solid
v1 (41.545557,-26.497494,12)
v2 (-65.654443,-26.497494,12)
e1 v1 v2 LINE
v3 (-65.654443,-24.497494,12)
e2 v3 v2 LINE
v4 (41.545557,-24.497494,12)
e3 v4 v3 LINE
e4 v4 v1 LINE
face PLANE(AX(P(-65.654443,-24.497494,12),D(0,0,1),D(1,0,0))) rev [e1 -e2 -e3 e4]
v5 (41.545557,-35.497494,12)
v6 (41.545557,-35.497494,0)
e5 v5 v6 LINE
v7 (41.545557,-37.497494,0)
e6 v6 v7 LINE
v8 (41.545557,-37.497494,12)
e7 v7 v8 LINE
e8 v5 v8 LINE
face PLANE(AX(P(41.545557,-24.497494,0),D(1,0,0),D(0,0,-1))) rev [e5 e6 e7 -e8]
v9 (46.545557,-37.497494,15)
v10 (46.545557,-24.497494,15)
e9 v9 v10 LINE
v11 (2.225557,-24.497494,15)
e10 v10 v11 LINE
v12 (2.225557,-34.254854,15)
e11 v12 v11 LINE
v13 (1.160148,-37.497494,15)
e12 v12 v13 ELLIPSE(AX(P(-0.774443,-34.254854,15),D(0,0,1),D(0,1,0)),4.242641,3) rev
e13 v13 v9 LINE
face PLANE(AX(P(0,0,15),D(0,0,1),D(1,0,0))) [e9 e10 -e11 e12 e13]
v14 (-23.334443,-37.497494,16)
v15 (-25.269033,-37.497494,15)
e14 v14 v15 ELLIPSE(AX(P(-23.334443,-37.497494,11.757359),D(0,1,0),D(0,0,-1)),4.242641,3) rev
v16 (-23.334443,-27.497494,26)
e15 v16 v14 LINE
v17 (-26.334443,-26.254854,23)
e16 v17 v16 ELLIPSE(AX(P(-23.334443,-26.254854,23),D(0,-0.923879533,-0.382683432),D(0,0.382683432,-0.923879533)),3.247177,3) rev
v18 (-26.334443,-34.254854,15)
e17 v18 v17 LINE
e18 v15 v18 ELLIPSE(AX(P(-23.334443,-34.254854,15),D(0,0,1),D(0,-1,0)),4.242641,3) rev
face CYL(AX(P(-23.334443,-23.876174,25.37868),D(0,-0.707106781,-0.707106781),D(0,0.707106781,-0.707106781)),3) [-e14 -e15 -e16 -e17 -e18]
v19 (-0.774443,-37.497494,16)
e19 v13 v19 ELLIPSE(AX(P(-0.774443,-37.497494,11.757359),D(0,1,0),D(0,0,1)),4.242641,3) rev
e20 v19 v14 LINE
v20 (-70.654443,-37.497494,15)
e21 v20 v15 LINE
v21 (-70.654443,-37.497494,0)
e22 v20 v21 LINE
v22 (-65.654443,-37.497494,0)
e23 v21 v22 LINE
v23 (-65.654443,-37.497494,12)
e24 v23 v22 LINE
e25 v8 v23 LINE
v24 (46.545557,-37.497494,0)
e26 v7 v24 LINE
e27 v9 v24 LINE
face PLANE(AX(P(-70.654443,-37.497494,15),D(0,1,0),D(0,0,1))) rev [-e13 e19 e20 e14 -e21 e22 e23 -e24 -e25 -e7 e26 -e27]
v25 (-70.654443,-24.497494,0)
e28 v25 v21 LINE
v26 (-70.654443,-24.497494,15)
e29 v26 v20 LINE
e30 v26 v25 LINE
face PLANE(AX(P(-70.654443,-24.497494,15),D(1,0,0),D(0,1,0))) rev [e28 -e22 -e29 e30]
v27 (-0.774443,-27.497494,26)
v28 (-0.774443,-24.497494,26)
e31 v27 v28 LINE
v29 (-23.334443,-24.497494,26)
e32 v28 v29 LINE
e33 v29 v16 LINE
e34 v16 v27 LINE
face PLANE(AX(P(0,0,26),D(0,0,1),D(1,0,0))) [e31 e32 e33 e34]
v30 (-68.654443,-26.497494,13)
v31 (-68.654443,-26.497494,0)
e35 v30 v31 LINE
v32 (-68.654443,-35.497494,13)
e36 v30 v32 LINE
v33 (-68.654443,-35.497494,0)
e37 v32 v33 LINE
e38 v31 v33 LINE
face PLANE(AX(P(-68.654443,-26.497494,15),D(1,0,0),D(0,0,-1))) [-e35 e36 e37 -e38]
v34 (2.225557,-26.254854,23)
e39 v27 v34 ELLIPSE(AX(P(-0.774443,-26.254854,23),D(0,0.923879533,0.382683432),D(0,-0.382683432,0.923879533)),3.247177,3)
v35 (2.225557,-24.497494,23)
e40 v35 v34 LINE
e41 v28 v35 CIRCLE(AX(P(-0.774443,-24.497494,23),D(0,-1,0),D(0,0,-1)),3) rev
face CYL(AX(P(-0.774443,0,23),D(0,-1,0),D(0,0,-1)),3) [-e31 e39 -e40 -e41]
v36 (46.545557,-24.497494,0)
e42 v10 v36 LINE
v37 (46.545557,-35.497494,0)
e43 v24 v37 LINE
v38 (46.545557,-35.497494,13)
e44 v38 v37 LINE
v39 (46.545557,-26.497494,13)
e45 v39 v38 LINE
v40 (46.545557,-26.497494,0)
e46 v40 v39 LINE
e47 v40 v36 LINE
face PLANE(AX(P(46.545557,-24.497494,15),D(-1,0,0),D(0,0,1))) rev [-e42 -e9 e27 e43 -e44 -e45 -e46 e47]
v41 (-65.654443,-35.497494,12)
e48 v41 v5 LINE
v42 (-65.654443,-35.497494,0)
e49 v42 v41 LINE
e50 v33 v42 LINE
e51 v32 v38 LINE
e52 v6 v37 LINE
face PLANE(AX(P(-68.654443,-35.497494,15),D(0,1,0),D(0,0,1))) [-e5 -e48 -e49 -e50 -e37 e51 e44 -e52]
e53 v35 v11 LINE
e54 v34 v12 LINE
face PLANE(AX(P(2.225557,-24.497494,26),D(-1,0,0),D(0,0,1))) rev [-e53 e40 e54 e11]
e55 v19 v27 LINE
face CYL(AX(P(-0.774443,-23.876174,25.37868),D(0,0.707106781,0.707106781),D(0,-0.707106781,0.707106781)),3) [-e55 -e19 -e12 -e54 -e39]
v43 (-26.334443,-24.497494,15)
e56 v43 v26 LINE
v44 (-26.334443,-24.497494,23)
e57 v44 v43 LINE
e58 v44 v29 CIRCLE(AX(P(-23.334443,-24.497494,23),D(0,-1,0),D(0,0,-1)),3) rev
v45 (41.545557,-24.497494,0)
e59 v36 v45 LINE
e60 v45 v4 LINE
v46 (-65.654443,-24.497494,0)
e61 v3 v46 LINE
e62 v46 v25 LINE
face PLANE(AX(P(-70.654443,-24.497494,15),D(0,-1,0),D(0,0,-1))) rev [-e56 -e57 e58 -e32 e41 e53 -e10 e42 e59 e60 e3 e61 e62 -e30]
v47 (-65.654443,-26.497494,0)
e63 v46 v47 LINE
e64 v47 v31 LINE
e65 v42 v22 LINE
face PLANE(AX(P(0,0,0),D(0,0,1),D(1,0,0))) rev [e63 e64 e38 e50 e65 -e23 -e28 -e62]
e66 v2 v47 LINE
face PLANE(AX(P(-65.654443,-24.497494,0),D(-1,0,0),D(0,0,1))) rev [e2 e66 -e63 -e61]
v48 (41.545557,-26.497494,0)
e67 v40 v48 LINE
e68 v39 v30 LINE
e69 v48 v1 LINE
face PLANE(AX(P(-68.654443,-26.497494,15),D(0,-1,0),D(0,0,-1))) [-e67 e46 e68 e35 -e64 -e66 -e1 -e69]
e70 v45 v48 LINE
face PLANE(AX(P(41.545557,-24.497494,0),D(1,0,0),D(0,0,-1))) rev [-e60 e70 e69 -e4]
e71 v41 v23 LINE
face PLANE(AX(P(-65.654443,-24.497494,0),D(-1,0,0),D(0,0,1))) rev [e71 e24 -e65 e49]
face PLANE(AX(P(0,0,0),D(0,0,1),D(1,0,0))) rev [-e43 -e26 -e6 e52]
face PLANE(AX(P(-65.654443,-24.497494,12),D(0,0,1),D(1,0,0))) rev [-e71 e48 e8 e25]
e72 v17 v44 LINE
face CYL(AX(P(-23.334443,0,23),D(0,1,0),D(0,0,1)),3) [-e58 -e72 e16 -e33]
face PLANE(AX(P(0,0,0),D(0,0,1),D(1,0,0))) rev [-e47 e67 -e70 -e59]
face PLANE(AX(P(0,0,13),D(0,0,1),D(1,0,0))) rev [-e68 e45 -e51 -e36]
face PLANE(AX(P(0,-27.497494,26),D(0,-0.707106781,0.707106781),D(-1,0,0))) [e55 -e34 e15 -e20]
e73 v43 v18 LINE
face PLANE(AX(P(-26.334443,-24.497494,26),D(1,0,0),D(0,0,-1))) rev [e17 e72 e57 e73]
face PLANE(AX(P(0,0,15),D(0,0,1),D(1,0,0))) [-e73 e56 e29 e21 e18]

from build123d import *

# Parameters (mm, degrees)
SKETCH1_W           = 117.2
SKETCH1_H           = 13
SKETCH1_W_2         = 113.2
SKETCH1_H_2         = 9
BOSS_EXTRUDE1_DEPTH = 15
SKETCH2_W           = 117.2
SKETCH2_H           = 13
BOSS_EXTRUDE2_DEPTH = 2
SKETCH3_W           = 107.2
SKETCH3_H           = 12
CUT_EXTRUDE1_DEPTH  = 74.389715066
CUT_EXTRUDE2_REACH  = 125.963
SKETCH4_W           = 13
SKETCH4_H           = 9
SKETCH5_W           = 28.56
SKETCH5_H           = 13
BOSS_EXTRUDE3_DEPTH = 11
CHAMFER1_SIZE       = 10
FILLET1_R           = 3
FILLET2_R           = 3


with BuildPart() as part:
    # Sketch1 → Boss-Extrude1 (new body)
    with BuildSketch(Plane.XY):
        with Locations((-12.05444273, -30.99749435)):
            Rectangle(SKETCH1_W, SKETCH1_H)
        with Locations((-12.05444273, -30.99749435)):
            Rectangle(SKETCH1_W_2, SKETCH1_H_2, mode=Mode.SUBTRACT)
    extrude(amount=BOSS_EXTRUDE1_DEPTH)

    # Sketch2 → Boss-Extrude2 (add)
    with BuildSketch(Plane.XY.offset(15)):
        with Locations((-12.05444273, -30.99749435)):
            Rectangle(SKETCH2_W, SKETCH2_H)
    extrude(amount=-BOSS_EXTRUDE2_DEPTH)

    # Sketch3 → Cut-Extrude1 (cut, through all)
    with BuildSketch(Plane.XZ.offset(37.49749435)):
        with Locations((-12.05444273, 6)):
            Rectangle(SKETCH3_W, SKETCH3_H)
    extrude(amount=-CUT_EXTRUDE1_DEPTH, mode=Mode.SUBTRACT)

    # Sketch4 → Cut-Extrude2 (cut, up to next)
    with BuildSketch(Plane(origin=(46.54555727, 0, 0), x_dir=(0, 0, -1), z_dir=(1, 0, 0)), mode=Mode.PRIVATE) as cut_extrude2_sk1:
        with Locations((-6.5, -30.99749435)):
            Rectangle(SKETCH4_W, SKETCH4_H)
    cut_extrude2_tool1 = extrude(cut_extrude2_sk1.sketch, amount=-CUT_EXTRUDE2_REACH, mode=Mode.PRIVATE) & part.part
    add(cut_extrude2_tool1.solids().sort_by_distance((46.545557, -30.997494, 6.5))[0], mode=Mode.SUBTRACT)

    # Sketch5 → Boss-Extrude3 (add)
    with BuildSketch(Plane.XY.offset(15)):
        with Locations((-12.05444273, -30.99749435)):
            Rectangle(SKETCH5_W, SKETCH5_H)
    extrude(amount=BOSS_EXTRUDE3_DEPTH)

    # Chamfer1
    chamfer1_edges = [part.edges().sort_by_distance(p)[0] for p in [
        (-12.05444273, -37.49749435, 26),
    ]]
    chamfer(chamfer1_edges, length=CHAMFER1_SIZE)

    # Fillet1
    fillet1_edges = [part.edges().sort_by_distance(p)[0] for p in [
        (-26.33444273, -25.99749435, 26),
        (-26.33444273, -32.49749435, 21),
    ]]
    fillet(fillet1_edges, radius=FILLET1_R)

    # Fillet2
    fillet2_edges = [part.edges().sort_by_distance(p)[0] for p in [
        (2.22555727, -25.99749435, 26),
        (2.22555727, -32.49749435, 21),
    ]]
    fillet(fillet2_edges, radius=FILLET2_R)


solid = part.part
